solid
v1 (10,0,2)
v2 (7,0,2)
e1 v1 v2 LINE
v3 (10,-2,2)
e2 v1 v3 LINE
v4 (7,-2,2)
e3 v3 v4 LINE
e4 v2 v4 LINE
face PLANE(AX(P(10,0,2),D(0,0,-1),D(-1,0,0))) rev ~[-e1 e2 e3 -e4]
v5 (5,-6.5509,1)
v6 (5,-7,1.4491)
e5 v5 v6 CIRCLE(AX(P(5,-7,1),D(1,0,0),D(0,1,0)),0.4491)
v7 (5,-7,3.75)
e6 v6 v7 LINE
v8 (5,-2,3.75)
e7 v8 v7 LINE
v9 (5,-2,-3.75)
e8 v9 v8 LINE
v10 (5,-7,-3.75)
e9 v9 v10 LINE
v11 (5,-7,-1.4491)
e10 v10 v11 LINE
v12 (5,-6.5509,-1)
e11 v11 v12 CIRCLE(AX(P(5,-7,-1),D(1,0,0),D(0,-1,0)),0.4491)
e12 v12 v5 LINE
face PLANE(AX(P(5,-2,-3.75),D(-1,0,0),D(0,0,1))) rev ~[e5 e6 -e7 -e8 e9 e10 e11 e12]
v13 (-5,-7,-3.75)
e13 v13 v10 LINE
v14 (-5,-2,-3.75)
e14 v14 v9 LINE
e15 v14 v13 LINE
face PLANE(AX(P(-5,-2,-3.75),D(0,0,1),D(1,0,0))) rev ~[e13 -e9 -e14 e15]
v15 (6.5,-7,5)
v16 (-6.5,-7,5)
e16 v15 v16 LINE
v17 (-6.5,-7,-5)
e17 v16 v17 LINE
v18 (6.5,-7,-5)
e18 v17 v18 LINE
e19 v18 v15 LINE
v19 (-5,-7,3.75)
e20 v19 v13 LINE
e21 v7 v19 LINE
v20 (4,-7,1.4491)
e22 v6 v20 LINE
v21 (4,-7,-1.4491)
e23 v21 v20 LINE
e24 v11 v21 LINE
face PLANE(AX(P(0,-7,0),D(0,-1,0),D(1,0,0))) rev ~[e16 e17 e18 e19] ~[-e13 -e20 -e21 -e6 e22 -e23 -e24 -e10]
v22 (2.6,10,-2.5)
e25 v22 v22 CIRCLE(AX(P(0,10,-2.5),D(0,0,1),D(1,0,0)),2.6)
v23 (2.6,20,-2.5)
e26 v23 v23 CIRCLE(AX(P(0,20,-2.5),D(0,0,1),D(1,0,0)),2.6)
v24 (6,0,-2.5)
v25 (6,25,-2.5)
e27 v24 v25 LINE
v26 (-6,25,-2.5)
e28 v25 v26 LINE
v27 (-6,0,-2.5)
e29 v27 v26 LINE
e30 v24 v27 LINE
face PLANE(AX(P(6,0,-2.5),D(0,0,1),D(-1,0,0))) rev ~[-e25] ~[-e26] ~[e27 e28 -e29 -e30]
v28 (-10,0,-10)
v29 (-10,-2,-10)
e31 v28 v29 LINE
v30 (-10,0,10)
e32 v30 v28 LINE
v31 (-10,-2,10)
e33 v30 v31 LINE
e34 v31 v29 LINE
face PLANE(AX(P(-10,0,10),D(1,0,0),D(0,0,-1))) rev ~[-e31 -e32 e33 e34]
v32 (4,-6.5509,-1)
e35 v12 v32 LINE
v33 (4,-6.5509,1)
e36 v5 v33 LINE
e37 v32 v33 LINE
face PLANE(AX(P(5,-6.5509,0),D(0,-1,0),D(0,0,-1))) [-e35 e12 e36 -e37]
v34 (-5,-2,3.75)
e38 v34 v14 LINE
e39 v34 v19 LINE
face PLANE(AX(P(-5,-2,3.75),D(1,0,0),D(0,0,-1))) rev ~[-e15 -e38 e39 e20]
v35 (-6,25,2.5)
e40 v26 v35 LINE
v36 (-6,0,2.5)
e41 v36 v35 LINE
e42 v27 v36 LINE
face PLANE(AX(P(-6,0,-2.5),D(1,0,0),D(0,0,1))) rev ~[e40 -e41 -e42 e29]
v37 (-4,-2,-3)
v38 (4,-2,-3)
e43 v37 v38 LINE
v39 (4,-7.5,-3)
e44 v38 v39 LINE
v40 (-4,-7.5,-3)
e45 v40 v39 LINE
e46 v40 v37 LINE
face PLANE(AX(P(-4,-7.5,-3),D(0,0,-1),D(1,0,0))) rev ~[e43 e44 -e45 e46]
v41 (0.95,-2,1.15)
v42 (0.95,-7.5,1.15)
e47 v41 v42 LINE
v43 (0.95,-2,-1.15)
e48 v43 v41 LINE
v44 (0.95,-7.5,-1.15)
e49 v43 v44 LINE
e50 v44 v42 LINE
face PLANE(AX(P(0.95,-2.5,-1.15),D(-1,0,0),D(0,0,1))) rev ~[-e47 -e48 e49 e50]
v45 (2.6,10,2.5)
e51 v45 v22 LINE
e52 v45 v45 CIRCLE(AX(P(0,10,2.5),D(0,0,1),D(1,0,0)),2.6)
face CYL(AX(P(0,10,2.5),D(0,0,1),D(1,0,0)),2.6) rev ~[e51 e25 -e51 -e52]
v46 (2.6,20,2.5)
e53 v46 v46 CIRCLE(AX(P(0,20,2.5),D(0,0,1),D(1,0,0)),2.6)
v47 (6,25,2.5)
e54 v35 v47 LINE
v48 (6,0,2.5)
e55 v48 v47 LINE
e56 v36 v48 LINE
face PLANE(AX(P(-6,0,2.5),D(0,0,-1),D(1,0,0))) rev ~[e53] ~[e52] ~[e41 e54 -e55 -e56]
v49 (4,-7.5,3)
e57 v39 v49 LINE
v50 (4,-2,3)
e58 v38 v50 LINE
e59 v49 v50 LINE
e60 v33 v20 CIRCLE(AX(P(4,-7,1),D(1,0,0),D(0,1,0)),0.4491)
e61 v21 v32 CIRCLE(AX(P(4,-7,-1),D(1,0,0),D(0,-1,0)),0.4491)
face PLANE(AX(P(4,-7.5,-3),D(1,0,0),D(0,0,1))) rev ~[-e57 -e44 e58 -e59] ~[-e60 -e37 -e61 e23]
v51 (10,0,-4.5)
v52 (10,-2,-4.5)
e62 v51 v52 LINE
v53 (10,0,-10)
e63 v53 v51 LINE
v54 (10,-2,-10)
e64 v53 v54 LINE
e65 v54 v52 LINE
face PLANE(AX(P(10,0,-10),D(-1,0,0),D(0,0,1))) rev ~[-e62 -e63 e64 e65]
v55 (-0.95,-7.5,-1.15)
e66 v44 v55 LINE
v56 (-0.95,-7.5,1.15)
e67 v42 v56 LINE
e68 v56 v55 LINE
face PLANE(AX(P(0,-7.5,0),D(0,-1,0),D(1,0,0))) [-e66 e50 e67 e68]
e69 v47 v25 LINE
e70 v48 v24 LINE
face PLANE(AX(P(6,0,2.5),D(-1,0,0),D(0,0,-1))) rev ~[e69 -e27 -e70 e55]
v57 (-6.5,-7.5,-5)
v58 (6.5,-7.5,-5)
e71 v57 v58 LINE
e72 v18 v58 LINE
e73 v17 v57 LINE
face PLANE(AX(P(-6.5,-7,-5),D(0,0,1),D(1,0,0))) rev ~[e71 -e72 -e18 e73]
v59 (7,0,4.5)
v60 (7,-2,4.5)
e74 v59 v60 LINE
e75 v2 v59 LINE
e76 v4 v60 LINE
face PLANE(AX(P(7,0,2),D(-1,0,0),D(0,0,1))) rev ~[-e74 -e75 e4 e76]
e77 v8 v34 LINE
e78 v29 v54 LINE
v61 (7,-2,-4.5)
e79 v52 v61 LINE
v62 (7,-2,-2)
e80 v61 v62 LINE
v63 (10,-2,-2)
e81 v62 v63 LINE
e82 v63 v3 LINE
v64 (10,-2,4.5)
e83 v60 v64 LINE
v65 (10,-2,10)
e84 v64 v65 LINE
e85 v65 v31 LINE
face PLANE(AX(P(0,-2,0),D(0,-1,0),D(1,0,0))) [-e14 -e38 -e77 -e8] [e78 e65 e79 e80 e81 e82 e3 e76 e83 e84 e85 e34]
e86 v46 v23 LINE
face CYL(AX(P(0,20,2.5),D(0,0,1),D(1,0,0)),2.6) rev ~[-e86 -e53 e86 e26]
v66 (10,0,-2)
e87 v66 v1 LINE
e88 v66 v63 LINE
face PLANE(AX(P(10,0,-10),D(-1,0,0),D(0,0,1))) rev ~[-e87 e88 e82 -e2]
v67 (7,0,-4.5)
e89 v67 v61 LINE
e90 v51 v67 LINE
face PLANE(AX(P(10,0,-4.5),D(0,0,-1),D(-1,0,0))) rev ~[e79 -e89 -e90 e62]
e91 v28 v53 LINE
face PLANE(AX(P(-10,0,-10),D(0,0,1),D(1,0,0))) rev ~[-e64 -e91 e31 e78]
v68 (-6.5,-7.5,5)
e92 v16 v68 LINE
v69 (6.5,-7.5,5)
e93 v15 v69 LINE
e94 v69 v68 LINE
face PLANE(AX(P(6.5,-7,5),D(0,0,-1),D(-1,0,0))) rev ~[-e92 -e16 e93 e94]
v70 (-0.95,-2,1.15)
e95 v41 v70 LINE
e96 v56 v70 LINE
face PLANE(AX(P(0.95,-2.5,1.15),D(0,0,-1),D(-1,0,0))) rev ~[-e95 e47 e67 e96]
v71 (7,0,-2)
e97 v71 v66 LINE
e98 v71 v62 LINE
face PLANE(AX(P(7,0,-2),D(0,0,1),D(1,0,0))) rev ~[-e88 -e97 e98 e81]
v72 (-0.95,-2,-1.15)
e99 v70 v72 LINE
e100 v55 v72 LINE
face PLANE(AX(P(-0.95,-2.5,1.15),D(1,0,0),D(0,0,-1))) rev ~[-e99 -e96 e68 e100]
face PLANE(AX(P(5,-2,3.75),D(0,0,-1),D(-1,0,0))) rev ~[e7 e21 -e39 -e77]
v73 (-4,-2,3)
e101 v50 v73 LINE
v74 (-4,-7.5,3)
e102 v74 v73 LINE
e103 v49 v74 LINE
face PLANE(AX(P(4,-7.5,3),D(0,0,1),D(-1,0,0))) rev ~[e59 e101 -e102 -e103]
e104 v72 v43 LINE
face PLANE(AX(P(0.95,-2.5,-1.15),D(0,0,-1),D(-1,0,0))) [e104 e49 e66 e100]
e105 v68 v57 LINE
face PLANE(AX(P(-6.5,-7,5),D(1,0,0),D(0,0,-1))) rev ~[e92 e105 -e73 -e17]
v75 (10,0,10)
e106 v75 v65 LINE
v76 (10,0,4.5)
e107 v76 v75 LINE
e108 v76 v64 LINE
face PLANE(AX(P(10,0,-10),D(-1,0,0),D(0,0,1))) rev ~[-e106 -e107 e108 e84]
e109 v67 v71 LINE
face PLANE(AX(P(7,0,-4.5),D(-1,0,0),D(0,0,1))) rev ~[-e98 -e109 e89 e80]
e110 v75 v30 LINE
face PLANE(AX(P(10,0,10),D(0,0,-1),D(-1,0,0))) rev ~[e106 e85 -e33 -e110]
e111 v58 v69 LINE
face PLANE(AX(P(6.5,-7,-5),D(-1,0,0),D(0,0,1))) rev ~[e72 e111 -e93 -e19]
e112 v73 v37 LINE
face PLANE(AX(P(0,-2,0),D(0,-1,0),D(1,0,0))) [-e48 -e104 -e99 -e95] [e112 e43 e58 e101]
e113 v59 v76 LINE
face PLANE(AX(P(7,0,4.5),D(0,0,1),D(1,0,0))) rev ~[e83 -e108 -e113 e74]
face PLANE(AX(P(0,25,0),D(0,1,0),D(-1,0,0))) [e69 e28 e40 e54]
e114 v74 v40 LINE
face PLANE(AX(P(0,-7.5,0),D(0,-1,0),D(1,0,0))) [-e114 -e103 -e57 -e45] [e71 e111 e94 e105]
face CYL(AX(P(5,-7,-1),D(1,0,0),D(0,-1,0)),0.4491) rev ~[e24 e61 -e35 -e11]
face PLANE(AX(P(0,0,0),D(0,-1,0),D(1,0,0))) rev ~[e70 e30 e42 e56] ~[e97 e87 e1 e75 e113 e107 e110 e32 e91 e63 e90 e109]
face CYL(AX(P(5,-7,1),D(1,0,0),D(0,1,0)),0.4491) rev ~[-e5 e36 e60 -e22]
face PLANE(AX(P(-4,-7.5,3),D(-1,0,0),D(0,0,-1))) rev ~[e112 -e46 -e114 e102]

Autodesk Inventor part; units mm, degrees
ref_plane "YZ Plane" through (0, 0, 0) normal (1, 0, 0) x (0, 1, 0)
ref_plane "XZ Plane" through (0, 0, 0) normal (0, 1, 0) x (-1, 0, 0)
ref_plane "XY Plane" through (0, 0, 0) normal (0, 0, 1) x (1, 0, 0)
sketch "草圖1" plane through (0, 0, 0) normal (0, 0, 1) x (1, 0, 0)
  point P0 (0, 0)
sketch "草圖2" plane through (0, 0, 0) normal (0, 1, 0) x (-1, 0, 0)
  line L0 (6, 2.5) -> (-6, 2.5)
  line L1 (-6, 2.5) -> (-6, -2.5)
  line L2 (-6, -2.5) -> (6, -2.5)
  line L3 (6, -2.5) -> (6, 2.5)
  line L4 (6, 2.5) -> (-6, -2.5) construction
  line L5 (-6, 2.5) -> (6, -2.5) construction
  point P0 (0, 0)
  dimension "d0" = 5
  dimension "d1" = 12
extrude "擠出1" add sketch "草圖2" along normal blind 25
sketch "草圖3" plane through (-6, 0, 2.5) normal (0, 0, 1) x (1, 0, 0)
  circle A0 centre (6, 10) radius 2.6
  circle A1 centre (6, 20) radius 2.6
  line L0 (0, 0) -> (12, 0) projected
  point P0 (6, 0)
  point P1 (6, 0)
  dimension "d4" = 5.2
  dimension "d5" = 5.2
  dimension "d6" = 10
  dimension "d7" = 10
extrude "擠出2" cut sketch "草圖3" against normal blind 5.2
sketch "草圖4" plane through (0, 0, 0) normal (0, -1, 0) x (1, 0, 0)
  line L0 (-10, -10) -> (10, -10)
  line L1 (10, -10) -> (10, 10)
  line L2 (10, 10) -> (-10, 10)
  line L3 (-10, 10) -> (-10, -10)
  line L4 (-10, -10) -> (10, 10) construction
  line L5 (10, -10) -> (-10, 10) construction
  point P0 (0, 0)
  dimension "d10" = 20
  dimension "d11" = 20
extrude "擠出3" add sketch "草圖4" along normal blind 2
sketch "草圖5" plane through (0, -2, 0) normal (0, -1, 0) x (1, 0, 0)
  line L0 (-0.95, -1.15) -> (0.95, -1.15)
  line L1 (0.95, -1.15) -> (0.95, 1.15)
  line L2 (0.95, 1.15) -> (-0.95, 1.15)
  line L3 (-0.95, 1.15) -> (-0.95, -1.15)
  line L4 (-0.95, -1.15) -> (0.95, 1.15) construction
  line L5 (0.95, -1.15) -> (-0.95, 1.15) construction
  point P0 (0, 0)
  dimension "d14" = 1.9
  dimension "d15" = 2.3
extrude "擠出4" add sketch "草圖5" along normal blind 5
sketch "草圖6" plane through (0, -2, 0) normal (0, -1, 0) x (1, 0, 0)
  line L0 (-4, -3) -> (4, -3)
  line L1 (4, -3) -> (4, 3)
  line L2 (4, 3) -> (-4, 3)
  line L3 (-4, 3) -> (-4, -3)
  line L4 (-4, -3) -> (4, 3) construction
  line L5 (4, -3) -> (-4, 3) construction
  line L6 (-5, -3.75) -> (5, -3.75)
  line L7 (5, -3.75) -> (5, 3.75)
  line L8 (5, 3.75) -> (-5, 3.75)
  line L9 (-5, 3.75) -> (-5, -3.75)
  line L10 (-5, -3.75) -> (5, 3.75) construction
  line L11 (5, -3.75) -> (-5, 3.75) construction
  point P0 (0, 0)
  dimension "d18" = 6
  dimension "d19" = 8
  dimension "d20" = 10
extrude "擠出5" add sketch "草圖6" along normal blind 5
sketch "草圖7" plane through (5, -2, 3.75) normal (1, 0, 0) x (0, 0, -1)
  line L0 (7.5, -5) -> (0, -5) projected
  line L1 (2.3009, -5) -> (5.1991, -5) construction
  line L2 (2.75, -4.5509) -> (4.75, -4.5509)
  line L3 (4.75, -5.4491) -> (2.75, -5.4491)
  arc A0 (2.75, -4.5509) -> (2.75, -5.4491) centre (2.75, -5) ccw
  arc A1 (4.75, -5.4491) -> (4.75, -4.5509) centre (4.75, -5) ccw
  line L4 (-6.25, 0) -> (13.75, 0) projected
  line L5 (3.75, 0) -> (3.75, -5)
  line L6 (0, 0) -> (0, -5) projected
  point P0 (3.75, 2)
  point P1 (5.1991, -5)
  dimension "d23" = 2
  dimension "d26" = 3.75
extrude "擠出6" cut sketch "草圖7" against normal blind 2 contours L0 L5 L2 A1 | L0 A0 L2 L5
sketch "草圖8" plane through (0, 0, 0) normal (0, 1, 0) x (1, 0, 0)
  line L0 (10, 10) -> (10, -10) projected
  line L1 (7, -4.5) -> (10, -4.5)
  line L2 (10, -4.5) -> (10, -2)
  line L3 (10, -2) -> (7, -2)
  line L4 (7, -2) -> (7, -4.5)
  line L5 (7, 2) -> (10, 2)
  line L6 (10, 2) -> (10, 4.5)
  line L7 (10, 4.5) -> (7, 4.5)
  line L8 (7, 4.5) -> (7, 2)
  point P0 (0, 0)
  point P1 (10, 0)
  point P2 (10, 0)
  dimension "d27" = 3
  dimension "d28" = 2.5
  dimension "d29" = 2.5
  dimension "d30" = 2
  dimension "d31" = 2
extrude "擠出7" cut sketch "草圖8" against normal blind 2
sketch "草圖9" plane through (0, -7, 0) normal (0, -1, 0) x (1, 0, 0)
  line L0 (6.5, 5) -> (-6.5, 5)
  line L1 (-6.5, 5) -> (-6.5, -5)
  line L2 (-6.5, -5) -> (6.5, -5)
  line L3 (6.5, -5) -> (6.5, 5)
  line L4 (6.5, 5) -> (-6.5, -5) construction
  line L5 (-6.5, 5) -> (6.5, -5) construction
  point P0 (0, 0)
  dimension "d34" = 10
  dimension "d35" = 13
extrude "擠出8" add sketch "草圖9" along normal blind 0.5
sketch "草圖10" plane through (0, -7.5, 0) normal (0, -1, 0) x (1, 0, 0)
  line L0 (-4, 3) -> (-4, -3) projected
  line L1 (4, 3) -> (-4, 3)
  line L2 (-4, 3) -> (-4, -3)
  line L3 (-4, -3) -> (4, -3)
  line L4 (4, -3) -> (4, 3)
  line L5 (4, 3) -> (-4, -3) construction
  line L6 (-4, 3) -> (4, -3) construction
  point P0 (0, 0)
extrude "擠出9" cut sketch "草圖10" against normal blind 5
sketch "草圖11" plane through (0, -2.5, 0) normal (0, -1, 0) x (1, 0, 0)
  line L0 (0.95, -1.15) -> (-0.95, -1.15) projected
  line L1 (0.95, 1.15) -> (-0.95, 1.15)
  line L2 (-0.95, 1.15) -> (-0.95, -1.15)
  line L3 (-0.95, -1.15) -> (0.95, -1.15)
  line L4 (0.95, -1.15) -> (0.95, 1.15)
  line L5 (0.95, 1.15) -> (-0.95, -1.15) construction
  line L6 (-0.95, 1.15) -> (0.95, -1.15) construction
  point P0 (0, 0)
extrude "擠出10" add sketch "草圖11" along normal blind 5
equation "\"d8\" = d5"
properties part number "單線圈感測器上"
